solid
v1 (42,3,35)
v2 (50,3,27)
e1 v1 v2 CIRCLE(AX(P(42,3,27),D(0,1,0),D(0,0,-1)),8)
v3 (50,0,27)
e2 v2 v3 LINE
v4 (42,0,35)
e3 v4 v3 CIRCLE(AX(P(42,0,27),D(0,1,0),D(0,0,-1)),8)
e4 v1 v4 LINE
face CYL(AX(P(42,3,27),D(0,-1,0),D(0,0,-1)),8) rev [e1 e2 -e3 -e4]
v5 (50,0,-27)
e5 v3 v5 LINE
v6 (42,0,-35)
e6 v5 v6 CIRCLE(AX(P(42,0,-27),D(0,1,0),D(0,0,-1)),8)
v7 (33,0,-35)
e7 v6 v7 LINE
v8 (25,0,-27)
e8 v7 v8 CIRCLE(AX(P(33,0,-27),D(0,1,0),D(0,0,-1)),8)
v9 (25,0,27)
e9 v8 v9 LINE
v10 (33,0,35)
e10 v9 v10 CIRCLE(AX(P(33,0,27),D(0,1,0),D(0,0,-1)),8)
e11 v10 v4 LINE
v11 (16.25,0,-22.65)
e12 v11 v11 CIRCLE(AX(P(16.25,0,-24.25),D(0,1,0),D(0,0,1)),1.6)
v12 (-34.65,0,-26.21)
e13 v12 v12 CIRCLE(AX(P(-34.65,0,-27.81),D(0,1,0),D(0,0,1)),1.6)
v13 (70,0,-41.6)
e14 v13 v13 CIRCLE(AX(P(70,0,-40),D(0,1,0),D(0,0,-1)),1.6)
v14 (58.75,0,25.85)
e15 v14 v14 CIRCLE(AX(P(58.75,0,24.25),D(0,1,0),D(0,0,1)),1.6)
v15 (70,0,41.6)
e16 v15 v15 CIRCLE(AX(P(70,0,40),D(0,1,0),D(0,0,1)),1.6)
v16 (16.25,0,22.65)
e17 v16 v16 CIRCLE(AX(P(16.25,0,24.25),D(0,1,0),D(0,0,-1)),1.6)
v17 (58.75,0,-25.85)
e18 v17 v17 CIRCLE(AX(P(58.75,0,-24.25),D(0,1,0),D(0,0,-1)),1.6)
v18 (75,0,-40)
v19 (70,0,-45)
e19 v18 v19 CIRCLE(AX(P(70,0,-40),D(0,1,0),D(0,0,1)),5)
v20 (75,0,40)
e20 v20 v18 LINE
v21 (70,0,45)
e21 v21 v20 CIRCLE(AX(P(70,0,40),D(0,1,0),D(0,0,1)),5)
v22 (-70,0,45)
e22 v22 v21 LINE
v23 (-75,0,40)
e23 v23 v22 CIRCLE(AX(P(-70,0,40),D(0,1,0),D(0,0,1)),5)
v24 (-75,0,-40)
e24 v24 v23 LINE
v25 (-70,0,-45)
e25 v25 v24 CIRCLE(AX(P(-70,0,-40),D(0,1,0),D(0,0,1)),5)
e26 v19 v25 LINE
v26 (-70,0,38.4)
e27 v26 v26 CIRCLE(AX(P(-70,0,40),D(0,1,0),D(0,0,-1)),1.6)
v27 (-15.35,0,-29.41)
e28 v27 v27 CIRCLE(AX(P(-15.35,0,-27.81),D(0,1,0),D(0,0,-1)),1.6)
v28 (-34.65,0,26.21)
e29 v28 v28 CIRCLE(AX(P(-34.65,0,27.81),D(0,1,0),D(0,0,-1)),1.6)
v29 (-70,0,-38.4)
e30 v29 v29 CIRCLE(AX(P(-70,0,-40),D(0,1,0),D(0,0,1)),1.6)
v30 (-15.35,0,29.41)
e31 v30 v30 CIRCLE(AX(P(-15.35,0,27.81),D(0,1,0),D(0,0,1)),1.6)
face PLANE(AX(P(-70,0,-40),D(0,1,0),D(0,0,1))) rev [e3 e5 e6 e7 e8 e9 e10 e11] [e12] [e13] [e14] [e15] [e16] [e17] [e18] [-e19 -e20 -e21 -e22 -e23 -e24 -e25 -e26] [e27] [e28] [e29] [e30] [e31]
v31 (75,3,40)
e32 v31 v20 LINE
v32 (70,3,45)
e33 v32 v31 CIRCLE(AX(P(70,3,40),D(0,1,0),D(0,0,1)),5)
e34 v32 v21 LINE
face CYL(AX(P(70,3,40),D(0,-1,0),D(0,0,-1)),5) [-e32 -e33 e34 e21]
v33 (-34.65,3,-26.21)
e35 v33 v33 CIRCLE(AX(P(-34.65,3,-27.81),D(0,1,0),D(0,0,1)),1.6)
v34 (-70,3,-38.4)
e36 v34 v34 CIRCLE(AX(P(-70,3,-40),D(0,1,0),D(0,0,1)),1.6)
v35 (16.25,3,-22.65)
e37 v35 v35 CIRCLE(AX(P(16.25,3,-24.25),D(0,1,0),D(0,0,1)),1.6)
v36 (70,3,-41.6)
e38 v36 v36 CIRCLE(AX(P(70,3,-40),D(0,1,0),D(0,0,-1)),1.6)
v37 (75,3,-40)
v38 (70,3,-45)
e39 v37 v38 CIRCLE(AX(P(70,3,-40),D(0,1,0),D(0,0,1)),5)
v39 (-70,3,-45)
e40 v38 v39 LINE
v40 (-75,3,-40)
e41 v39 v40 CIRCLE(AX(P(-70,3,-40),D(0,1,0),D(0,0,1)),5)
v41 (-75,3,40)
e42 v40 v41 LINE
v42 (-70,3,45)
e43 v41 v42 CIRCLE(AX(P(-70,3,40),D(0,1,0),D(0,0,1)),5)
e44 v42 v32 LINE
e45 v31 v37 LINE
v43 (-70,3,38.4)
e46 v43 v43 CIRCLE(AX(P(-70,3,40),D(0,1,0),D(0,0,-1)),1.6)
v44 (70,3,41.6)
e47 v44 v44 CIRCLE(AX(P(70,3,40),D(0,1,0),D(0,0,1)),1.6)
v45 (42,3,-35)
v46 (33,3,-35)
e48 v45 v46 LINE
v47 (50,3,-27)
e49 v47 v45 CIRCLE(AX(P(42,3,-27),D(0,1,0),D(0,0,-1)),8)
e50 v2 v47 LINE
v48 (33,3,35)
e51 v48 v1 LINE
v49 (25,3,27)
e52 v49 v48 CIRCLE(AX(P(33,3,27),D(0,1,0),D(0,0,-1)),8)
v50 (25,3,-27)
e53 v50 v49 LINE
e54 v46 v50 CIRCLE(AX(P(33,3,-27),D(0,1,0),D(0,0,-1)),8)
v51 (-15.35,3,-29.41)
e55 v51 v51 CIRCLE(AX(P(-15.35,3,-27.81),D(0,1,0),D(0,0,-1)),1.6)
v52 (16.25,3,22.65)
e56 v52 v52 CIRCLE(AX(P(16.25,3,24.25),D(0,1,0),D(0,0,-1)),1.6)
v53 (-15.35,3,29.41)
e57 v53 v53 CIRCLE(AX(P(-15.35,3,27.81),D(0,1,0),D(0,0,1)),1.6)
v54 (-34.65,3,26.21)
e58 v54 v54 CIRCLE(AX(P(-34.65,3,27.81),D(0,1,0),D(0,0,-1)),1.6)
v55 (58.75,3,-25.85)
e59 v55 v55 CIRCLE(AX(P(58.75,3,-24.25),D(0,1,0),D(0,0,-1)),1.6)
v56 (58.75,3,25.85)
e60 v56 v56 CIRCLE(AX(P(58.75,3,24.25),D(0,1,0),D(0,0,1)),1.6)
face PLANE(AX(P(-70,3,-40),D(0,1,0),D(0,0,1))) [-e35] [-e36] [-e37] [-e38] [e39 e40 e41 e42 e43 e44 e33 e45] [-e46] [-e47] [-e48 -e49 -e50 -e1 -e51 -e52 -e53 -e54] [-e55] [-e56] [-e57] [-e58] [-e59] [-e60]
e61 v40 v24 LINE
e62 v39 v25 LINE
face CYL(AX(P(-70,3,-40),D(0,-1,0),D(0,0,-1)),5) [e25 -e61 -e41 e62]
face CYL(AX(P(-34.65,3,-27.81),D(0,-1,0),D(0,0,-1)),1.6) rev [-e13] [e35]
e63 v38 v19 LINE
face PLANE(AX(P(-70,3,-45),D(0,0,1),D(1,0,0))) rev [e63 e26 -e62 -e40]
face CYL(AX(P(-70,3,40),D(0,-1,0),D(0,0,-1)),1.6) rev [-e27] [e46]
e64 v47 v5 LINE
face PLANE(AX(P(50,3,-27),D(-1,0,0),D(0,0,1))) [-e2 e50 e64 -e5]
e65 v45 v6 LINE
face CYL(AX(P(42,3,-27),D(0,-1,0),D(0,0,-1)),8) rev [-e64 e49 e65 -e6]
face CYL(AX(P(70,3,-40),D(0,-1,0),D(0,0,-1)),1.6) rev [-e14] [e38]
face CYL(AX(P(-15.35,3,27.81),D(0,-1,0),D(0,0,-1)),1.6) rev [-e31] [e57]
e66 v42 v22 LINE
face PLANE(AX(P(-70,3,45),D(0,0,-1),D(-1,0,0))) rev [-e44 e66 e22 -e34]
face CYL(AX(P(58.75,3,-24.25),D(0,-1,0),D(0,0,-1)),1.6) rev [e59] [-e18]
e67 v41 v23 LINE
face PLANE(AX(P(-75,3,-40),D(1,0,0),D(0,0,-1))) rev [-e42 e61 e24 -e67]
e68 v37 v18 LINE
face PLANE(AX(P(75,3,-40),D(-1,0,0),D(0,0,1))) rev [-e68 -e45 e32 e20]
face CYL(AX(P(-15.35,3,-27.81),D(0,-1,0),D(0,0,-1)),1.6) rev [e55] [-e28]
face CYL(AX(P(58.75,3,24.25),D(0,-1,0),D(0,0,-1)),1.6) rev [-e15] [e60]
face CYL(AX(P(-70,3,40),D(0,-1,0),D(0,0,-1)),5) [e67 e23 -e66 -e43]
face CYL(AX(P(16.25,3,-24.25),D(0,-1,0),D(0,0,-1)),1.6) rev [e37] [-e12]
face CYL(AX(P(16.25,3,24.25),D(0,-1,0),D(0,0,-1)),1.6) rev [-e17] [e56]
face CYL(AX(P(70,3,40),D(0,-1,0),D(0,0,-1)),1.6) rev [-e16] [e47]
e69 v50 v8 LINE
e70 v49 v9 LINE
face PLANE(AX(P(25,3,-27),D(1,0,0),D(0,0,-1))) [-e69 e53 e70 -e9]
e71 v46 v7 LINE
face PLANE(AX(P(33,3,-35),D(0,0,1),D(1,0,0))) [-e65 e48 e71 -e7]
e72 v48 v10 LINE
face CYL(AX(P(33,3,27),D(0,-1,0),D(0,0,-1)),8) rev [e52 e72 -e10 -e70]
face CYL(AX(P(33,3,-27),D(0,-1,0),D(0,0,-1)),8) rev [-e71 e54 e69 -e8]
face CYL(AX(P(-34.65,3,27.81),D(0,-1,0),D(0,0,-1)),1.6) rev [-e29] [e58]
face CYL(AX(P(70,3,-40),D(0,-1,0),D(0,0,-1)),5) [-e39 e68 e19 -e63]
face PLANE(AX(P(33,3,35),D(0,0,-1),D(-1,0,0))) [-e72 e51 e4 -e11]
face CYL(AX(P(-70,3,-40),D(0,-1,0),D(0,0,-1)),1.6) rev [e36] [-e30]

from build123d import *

# Parameters (mm, degrees)
SKETCH1_R           = 1.6
BOSS_EXTRUDE2_DEPTH = 3


with BuildPart() as part:
    # Sketch1 → Boss-Extrude2 (new body)
    with BuildSketch(Plane(origin=(0, 0, 0), x_dir=(1, 0, 0), z_dir=(0, 1, 0))):
        with BuildLine():
            Line((-70, 45), (70, 45))
            ThreePointArc((70, 45), (73.535533906, 43.535533906), (75, 40))
            Line((75, 40), (75, -40))
            ThreePointArc((75, -40), (73.535533906, -43.535533906), (70, -45))
            Line((70, -45), (-70, -45))
            ThreePointArc((-70, -45), (-73.535533906, -43.535533906), (-75, -40))
            Line((-75, -40), (-75, 40))
            ThreePointArc((-75, 40), (-73.535533906, 43.535533906), (-70, 45))
        make_face()
        with Locations(Location((16.25, 24.25, 0), (0, 0, 270))):
            Circle(SKETCH1_R, mode=Mode.SUBTRACT)
        with Locations(Location((58.75, 24.25, 0), (0, 0, 90))):
            Circle(SKETCH1_R, mode=Mode.SUBTRACT)
        with Locations(Location((58.75, -24.25, 0), (0, 0, 270))):
            Circle(SKETCH1_R, mode=Mode.SUBTRACT)
        with Locations(Location((16.25, -24.25, 0), (0, 0, 90))):
            Circle(SKETCH1_R, mode=Mode.SUBTRACT)
        with Locations(Location((-34.65, 27.81, 0), (0, 0, 270))):
            Circle(SKETCH1_R, mode=Mode.SUBTRACT)
        with Locations(Location((-15.35, 27.81, 0), (0, 0, 90))):
            Circle(SKETCH1_R, mode=Mode.SUBTRACT)
        with Locations(Location((-15.35, -27.81, 0), (0, 0, 270))):
            Circle(SKETCH1_R, mode=Mode.SUBTRACT)
        with Locations(Location((-34.65, -27.81, 0), (0, 0, 90))):
            Circle(SKETCH1_R, mode=Mode.SUBTRACT)
        with Locations(Location((-70, 40, 0), (0, 0, 270))):
            Circle(SKETCH1_R, mode=Mode.SUBTRACT)
        with Locations(Location((-70, -40, 0), (0, 0, 90))):
            Circle(SKETCH1_R, mode=Mode.SUBTRACT)
        with Locations(Location((70, 40, 0), (0, 0, 90))):
            Circle(SKETCH1_R, mode=Mode.SUBTRACT)
        with Locations(Location((70, -40, 0), (0, 0, 270))):
            Circle(SKETCH1_R, mode=Mode.SUBTRACT)
        with BuildLine():
            Line((33, 35), (42, 35))
            ThreePointArc((42, 35), (47.656854249, 32.656854249), (50, 27))
            Line((50, 27), (50, -27))
            ThreePointArc((50, -27), (47.656854249, -32.656854249), (42, -35))
            Line((42, -35), (33, -35))
            ThreePointArc((33, -35), (27.343145751, -32.656854249), (25, -27))
            Line((25, -27), (25, 27))
            ThreePointArc((25, 27), (27.343145751, 32.656854249), (33, 35))
        make_face(mode=Mode.SUBTRACT)
    extrude(amount=BOSS_EXTRUDE2_DEPTH)


solid = part.part
